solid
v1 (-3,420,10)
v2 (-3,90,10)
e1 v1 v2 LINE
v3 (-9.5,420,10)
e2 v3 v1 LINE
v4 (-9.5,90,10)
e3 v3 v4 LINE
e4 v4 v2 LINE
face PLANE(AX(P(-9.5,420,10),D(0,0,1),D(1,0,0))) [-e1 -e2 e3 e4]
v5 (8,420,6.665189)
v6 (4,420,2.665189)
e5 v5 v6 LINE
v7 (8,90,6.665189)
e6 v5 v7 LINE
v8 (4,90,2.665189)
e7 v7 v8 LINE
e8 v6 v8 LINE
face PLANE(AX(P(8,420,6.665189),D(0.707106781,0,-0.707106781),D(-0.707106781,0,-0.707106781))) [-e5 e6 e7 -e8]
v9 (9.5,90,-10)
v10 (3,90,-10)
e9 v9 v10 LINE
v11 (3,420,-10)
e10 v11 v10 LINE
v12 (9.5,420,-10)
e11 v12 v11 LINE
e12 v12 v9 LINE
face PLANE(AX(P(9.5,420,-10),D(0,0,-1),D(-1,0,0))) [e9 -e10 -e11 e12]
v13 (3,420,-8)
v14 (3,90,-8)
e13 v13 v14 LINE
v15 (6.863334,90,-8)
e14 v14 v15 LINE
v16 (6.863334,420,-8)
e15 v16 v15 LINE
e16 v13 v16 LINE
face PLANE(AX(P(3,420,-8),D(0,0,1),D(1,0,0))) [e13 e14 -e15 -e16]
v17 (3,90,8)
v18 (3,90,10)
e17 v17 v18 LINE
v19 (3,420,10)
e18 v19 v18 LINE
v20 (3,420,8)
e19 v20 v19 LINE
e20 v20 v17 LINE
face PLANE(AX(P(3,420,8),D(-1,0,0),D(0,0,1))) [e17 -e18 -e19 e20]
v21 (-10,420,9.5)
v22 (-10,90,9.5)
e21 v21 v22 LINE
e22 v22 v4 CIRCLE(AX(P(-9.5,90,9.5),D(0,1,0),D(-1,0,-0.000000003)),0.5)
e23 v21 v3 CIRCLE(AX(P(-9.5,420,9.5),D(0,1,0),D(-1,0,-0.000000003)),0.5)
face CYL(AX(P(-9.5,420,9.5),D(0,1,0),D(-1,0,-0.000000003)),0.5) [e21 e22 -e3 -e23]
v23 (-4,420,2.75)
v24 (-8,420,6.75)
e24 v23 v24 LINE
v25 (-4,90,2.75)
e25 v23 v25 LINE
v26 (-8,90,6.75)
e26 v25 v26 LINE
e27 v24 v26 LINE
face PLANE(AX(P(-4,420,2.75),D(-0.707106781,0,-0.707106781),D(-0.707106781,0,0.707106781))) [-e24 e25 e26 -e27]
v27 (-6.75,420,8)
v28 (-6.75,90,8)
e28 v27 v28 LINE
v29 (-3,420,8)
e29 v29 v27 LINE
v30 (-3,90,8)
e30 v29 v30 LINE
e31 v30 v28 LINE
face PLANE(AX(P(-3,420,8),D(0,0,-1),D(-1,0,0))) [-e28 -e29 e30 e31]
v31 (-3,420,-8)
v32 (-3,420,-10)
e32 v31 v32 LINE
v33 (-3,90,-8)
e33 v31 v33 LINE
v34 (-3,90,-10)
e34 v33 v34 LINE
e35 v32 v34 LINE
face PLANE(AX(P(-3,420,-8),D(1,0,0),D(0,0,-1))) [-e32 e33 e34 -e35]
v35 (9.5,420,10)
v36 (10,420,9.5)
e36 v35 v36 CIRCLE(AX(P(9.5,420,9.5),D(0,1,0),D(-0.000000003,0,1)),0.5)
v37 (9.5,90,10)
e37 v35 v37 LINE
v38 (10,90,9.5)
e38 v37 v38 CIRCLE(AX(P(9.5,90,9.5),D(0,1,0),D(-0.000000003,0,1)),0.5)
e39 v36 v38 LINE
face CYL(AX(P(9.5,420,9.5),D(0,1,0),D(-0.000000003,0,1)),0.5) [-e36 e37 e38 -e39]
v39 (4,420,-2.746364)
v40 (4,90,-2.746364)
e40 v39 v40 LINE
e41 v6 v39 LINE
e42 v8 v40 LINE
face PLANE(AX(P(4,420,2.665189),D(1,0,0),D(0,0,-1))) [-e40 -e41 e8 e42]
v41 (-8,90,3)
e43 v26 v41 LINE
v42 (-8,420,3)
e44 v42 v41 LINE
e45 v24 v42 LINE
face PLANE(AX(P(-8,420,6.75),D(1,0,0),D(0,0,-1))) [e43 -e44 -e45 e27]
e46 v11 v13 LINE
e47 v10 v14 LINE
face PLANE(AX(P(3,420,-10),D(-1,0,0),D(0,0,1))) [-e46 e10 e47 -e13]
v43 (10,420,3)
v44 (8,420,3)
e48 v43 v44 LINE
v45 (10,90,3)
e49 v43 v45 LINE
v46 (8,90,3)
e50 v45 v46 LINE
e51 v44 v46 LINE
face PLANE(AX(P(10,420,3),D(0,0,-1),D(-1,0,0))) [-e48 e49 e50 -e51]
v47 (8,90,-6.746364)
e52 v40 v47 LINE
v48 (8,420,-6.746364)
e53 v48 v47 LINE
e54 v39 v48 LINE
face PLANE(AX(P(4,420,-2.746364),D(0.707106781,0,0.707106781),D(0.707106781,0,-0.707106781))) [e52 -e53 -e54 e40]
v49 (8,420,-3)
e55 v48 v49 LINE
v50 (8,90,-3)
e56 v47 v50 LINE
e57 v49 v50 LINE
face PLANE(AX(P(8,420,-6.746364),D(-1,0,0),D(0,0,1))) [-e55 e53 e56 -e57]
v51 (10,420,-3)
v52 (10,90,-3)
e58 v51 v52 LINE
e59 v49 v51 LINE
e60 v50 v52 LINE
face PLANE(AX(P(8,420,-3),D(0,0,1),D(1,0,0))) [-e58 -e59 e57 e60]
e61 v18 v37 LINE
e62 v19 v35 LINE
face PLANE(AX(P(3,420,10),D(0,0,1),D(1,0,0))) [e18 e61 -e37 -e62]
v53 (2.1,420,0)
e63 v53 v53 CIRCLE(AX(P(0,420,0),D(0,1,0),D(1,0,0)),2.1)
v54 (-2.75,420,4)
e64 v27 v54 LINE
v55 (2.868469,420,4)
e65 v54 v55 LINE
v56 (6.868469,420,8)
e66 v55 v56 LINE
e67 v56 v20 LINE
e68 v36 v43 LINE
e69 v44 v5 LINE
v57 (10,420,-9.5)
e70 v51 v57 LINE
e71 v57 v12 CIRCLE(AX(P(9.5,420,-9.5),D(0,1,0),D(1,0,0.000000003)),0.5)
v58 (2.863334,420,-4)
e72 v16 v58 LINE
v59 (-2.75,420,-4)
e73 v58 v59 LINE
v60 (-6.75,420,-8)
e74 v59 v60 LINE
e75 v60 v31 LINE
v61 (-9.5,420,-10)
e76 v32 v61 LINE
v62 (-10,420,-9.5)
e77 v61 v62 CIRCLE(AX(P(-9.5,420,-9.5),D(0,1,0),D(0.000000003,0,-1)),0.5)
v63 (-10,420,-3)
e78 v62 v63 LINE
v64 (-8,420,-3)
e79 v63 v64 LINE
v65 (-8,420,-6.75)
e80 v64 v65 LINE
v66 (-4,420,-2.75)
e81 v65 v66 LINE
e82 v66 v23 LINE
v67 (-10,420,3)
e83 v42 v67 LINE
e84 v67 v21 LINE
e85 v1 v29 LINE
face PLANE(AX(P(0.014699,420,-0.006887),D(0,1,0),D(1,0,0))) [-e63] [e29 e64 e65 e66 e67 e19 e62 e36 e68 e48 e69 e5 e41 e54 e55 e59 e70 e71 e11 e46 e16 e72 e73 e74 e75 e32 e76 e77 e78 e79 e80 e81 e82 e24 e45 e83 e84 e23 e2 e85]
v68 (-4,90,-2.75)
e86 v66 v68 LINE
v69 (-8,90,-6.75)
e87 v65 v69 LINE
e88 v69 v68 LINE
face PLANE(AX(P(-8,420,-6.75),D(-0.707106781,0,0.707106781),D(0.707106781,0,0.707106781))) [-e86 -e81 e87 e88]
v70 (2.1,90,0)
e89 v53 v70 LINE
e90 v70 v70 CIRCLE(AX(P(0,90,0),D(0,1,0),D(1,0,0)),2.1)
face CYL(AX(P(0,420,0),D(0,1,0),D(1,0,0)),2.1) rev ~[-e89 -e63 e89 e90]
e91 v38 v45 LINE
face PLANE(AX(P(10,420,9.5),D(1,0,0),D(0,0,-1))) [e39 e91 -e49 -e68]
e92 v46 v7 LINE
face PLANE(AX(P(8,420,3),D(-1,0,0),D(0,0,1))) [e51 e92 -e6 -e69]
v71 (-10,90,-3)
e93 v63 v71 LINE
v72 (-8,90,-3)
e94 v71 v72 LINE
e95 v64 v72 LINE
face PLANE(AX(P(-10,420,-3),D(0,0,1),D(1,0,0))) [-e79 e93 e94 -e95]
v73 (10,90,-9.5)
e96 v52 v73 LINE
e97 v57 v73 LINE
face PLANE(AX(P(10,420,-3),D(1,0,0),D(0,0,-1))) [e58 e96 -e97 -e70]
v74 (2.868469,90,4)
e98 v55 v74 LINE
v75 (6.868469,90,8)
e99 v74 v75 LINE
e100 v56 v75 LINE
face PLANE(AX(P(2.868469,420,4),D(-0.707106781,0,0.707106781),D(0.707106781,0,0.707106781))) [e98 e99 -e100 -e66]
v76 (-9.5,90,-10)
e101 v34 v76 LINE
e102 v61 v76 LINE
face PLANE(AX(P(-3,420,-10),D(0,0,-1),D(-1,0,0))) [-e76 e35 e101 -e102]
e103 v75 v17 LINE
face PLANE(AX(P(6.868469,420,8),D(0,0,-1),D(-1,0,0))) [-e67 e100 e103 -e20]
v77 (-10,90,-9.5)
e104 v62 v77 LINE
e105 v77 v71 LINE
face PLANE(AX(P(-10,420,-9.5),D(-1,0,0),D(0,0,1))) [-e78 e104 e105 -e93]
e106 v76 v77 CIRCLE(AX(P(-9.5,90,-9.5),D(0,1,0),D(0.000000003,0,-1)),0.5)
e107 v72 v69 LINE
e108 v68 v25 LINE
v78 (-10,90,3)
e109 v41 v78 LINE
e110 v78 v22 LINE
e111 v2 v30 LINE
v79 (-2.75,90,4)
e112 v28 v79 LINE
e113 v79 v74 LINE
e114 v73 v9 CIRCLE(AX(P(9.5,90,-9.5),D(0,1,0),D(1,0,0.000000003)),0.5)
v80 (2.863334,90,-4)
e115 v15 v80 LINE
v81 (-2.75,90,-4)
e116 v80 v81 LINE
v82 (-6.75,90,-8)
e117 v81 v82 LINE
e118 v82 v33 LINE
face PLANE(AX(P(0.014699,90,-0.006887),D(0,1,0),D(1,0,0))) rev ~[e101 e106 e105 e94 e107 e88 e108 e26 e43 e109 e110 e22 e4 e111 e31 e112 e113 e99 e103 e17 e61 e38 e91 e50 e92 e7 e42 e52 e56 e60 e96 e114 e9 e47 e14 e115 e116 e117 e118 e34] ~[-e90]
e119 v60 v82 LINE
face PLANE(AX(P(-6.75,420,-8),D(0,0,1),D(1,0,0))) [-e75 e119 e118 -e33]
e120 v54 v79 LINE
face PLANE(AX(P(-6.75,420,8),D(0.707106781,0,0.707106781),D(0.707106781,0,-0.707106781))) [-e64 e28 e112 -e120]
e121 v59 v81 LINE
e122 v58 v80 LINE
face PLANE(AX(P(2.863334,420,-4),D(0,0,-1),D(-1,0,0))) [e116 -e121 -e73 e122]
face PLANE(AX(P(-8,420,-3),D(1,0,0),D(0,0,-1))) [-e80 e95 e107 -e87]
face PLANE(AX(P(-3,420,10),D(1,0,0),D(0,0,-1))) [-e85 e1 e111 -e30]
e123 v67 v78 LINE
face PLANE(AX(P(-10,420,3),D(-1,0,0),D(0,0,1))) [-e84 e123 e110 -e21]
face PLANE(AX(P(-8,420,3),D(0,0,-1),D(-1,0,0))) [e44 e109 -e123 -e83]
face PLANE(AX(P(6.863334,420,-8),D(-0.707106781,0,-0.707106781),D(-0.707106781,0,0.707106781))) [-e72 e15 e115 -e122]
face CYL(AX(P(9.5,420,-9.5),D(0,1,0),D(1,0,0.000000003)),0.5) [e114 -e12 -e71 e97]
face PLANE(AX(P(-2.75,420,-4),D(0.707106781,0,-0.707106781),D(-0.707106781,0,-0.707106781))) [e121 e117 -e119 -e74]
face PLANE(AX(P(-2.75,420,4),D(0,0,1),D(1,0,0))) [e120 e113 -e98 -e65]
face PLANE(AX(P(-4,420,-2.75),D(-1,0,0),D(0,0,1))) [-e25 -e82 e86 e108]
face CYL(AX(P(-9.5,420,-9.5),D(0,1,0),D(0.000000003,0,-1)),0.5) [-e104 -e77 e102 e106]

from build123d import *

# Parameters (mm, degrees)
SKETCH1_R           = 2.1
BOSS_EXTRUDE1_DEPTH = 330


with BuildPart() as part:
    # Sketch1 → Boss-Extrude1 (new body)
    with BuildSketch(Plane(origin=(0, 420, 0), x_dir=(1, 0, 0), z_dir=(0, 1, 0))):
        with BuildLine():
            Line((4, 2.746364236), (8, 6.746364236))
            Line((8, 6.746364236), (8, 3))
            Line((8, 3), (10, 3))
            Line((10, 3), (10, 9.5))
            ThreePointArc((10, 9.5), (9.853553391, 9.853553391), (9.5, 10))
            Line((9.5, 10), (3, 10))
            Line((3, 10), (3, 8))
            Line((3, 8), (6.863334179, 8))
            Line((6.863334179, 8), (2.863334179, 4))
            Line((2.863334179, 4), (-2.75, 4))
            Line((-2.75, 4), (-6.75, 8))
            Line((-6.75, 8), (-3, 8))
            Line((-3, 8), (-3, 10))
            Line((-3, 10), (-9.5, 10))
            ThreePointArc((-9.5, 10), (-9.853553391, 9.853553391), (-10, 9.5))
            Line((-10, 9.5), (-10, 3))
            Line((-10, 3), (-8, 3))
            Line((-8, 3), (-8, 6.75))
            Line((-8, 6.75), (-4, 2.75))
            Line((-4, 2.75), (-4, -2.75))
            Line((-4, -2.75), (-8, -6.75))
            Line((-8, -6.75), (-8, -3))
            Line((-8, -3), (-10, -3))
            Line((-10, -3), (-10, -9.5))
            ThreePointArc((-10, -9.5), (-9.853553391, -9.853553391), (-9.5, -10))
            Line((-9.5, -10), (-3, -10))
            Line((-3, -10), (-3, -8))
            Line((-3, -8), (-6.75, -8))
            Line((-6.75, -8), (-2.75, -4))
            Line((-2.75, -4), (2.868469119, -4))
            Line((2.868469119, -4), (6.868469119, -8))
            Line((6.868469119, -8), (3, -8))
            Line((3, -8), (3, -10))
            Line((3, -10), (9.5, -10))
            ThreePointArc((9.5, -10), (9.853553391, -9.853553391), (10, -9.5))
            Line((10, -9.5), (10, -3))
            Line((10, -3), (8, -3))
            Line((8, -3), (8, -6.665189266))
            Line((8, -6.665189266), (4, -2.665189266))
            Line((4, -2.665189266), (4, 2.746364236))
        make_face()
        Circle(SKETCH1_R, mode=Mode.SUBTRACT)
    extrude(amount=-BOSS_EXTRUDE1_DEPTH)


solid = part.part
